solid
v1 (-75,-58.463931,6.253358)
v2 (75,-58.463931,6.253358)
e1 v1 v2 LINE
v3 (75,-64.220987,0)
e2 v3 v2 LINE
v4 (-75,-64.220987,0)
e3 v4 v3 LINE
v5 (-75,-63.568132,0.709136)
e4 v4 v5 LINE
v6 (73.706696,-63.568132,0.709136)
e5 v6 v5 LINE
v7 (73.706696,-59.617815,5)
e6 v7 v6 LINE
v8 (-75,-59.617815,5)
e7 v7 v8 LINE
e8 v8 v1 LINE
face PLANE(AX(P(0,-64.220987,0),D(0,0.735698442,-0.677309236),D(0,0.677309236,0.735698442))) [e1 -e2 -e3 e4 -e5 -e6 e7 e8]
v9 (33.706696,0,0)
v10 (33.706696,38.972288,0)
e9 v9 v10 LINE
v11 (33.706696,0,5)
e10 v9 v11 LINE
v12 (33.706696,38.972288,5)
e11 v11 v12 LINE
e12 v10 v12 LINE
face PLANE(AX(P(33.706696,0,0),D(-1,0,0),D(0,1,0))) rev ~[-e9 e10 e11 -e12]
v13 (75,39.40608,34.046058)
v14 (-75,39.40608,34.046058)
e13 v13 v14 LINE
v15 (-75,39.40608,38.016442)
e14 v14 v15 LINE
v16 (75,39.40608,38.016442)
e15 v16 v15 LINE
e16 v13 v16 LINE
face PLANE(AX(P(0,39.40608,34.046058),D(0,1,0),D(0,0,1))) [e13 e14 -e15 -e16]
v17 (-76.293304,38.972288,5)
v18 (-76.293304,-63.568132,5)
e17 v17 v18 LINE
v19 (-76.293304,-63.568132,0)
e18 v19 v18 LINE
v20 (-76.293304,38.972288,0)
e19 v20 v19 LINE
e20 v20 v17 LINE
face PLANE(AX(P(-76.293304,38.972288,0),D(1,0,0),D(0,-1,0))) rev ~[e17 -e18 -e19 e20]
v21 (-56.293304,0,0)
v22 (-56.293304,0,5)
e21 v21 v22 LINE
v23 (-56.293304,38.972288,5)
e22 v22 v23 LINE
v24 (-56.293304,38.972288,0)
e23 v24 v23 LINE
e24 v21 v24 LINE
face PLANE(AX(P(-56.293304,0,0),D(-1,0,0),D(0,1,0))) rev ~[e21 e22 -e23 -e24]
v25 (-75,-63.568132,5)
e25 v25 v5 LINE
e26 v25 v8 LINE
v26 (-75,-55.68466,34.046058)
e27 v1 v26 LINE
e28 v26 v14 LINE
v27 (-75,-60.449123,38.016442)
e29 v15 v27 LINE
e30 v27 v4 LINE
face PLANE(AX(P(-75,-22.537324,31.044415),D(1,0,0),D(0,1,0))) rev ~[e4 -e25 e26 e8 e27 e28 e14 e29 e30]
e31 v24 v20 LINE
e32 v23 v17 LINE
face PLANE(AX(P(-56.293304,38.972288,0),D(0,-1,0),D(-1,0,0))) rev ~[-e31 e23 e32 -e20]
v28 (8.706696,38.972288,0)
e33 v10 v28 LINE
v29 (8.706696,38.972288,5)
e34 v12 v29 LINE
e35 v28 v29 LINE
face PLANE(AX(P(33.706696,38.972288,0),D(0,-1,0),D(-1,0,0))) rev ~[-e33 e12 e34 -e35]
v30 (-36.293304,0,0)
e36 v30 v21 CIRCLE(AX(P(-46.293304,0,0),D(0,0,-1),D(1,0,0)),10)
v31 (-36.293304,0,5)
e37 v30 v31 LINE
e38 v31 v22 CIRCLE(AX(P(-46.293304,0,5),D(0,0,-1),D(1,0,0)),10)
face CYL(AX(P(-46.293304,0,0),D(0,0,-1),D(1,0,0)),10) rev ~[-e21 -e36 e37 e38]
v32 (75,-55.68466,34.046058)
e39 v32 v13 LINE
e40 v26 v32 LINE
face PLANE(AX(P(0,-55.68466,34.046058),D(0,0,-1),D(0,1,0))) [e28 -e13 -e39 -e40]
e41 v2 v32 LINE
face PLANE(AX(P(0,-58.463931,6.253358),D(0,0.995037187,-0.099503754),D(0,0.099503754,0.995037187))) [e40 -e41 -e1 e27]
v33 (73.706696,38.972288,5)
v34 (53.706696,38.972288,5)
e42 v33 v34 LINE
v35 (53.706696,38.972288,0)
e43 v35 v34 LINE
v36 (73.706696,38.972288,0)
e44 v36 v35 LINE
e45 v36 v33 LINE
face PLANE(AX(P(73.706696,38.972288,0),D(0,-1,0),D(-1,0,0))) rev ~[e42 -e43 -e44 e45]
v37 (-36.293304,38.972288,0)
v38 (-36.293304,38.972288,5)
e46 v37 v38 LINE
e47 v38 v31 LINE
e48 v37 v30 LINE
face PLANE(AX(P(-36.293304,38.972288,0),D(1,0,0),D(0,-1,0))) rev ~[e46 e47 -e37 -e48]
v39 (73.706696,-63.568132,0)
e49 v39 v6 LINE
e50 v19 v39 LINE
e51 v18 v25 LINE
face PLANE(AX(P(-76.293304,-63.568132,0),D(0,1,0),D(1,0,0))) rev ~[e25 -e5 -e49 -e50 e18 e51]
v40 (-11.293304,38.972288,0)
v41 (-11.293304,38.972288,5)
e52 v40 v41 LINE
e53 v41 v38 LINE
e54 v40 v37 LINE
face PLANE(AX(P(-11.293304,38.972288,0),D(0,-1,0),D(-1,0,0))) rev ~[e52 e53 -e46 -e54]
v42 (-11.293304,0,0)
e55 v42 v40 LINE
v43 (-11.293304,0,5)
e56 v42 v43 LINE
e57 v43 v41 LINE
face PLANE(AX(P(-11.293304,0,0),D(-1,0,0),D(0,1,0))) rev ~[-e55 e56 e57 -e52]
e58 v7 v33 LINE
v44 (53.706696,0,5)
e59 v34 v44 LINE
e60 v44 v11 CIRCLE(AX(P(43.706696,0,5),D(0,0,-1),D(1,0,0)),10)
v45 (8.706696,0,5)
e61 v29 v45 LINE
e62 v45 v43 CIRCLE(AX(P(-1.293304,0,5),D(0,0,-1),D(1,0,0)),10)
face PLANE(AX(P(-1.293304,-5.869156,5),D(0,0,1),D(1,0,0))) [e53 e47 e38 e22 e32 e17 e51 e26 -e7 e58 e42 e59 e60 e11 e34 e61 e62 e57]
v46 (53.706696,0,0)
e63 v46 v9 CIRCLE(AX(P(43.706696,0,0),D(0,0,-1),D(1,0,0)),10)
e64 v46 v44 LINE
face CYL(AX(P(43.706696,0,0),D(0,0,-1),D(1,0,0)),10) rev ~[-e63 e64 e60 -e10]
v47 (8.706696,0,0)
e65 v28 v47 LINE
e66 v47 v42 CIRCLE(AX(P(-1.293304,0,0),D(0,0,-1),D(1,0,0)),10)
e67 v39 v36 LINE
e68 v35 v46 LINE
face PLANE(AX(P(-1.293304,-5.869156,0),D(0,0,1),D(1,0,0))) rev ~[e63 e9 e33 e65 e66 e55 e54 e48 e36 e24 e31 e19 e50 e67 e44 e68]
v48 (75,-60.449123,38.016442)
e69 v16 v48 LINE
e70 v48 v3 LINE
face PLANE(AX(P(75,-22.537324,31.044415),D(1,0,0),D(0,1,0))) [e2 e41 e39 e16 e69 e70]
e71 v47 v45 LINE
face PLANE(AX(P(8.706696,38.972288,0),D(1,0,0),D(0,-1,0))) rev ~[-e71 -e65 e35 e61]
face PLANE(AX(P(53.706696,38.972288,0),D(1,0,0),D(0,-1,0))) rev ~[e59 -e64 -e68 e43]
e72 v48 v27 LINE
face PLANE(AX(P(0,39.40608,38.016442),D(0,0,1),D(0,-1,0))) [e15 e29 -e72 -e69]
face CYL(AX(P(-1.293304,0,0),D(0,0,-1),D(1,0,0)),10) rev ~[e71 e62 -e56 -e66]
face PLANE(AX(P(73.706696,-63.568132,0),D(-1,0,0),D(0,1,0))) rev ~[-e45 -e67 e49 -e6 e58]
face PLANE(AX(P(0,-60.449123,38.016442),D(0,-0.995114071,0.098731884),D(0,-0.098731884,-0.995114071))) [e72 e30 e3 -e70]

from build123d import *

# Parameters (mm, degrees)
F1_DEPTH = 5
F3_DEPTH = 75


with BuildPart() as f1:
    # F0 (on Top) → F1 (new body)
    with BuildSketch(Plane.XY):
        with BuildLine():
            Line((-76.293304, 38.972288), (-76.293304, -63.568132))
            Line((-76.293304, -63.568132), (73.706696, -63.568132))
            Line((73.706696, -63.568132), (73.706696, 38.972288))
            Line((73.706696, 38.972288), (53.706696, 38.972288))
            Line((53.706696, 38.972288), (53.706696, 0))
            ThreePointArc((53.706696, 0), (43.706696, -10), (33.706696, 0))
            Line((33.706696, 0), (33.706696, 38.972288))
            Line((33.706696, 38.972288), (8.706696, 38.972288))
            Line((8.706696, 38.972288), (8.706696, 0))
            ThreePointArc((8.706696, 0), (-1.293304, -10), (-11.293304, 0))
            Line((-11.293304, 0), (-11.293304, 38.972288))
            Line((-11.293304, 38.972288), (-36.293304, 38.972288))
            Line((-36.293304, 38.972288), (-36.293304, 0))
            ThreePointArc((-36.293304, 0), (-46.293304, -10), (-56.293304, 0))
            Line((-56.293304, 0), (-56.293304, 38.972288))
            Line((-56.293304, 38.972288), (-76.293304, 38.972288))
        make_face()
    extrude(amount=F1_DEPTH)

    # F2 (on Right) → F3 (join, symmetric)
    with BuildSketch(Plane.YZ):
        Polygon((-60.449123, 38.016442), (-64.220987, 0), (-58.463931, 6.253358), (-55.68466, 34.046058), (39.40608, 34.046058), (39.40608, 38.016442), align=None)
    extrude(amount=F3_DEPTH, both=True)


solid = f1.part
